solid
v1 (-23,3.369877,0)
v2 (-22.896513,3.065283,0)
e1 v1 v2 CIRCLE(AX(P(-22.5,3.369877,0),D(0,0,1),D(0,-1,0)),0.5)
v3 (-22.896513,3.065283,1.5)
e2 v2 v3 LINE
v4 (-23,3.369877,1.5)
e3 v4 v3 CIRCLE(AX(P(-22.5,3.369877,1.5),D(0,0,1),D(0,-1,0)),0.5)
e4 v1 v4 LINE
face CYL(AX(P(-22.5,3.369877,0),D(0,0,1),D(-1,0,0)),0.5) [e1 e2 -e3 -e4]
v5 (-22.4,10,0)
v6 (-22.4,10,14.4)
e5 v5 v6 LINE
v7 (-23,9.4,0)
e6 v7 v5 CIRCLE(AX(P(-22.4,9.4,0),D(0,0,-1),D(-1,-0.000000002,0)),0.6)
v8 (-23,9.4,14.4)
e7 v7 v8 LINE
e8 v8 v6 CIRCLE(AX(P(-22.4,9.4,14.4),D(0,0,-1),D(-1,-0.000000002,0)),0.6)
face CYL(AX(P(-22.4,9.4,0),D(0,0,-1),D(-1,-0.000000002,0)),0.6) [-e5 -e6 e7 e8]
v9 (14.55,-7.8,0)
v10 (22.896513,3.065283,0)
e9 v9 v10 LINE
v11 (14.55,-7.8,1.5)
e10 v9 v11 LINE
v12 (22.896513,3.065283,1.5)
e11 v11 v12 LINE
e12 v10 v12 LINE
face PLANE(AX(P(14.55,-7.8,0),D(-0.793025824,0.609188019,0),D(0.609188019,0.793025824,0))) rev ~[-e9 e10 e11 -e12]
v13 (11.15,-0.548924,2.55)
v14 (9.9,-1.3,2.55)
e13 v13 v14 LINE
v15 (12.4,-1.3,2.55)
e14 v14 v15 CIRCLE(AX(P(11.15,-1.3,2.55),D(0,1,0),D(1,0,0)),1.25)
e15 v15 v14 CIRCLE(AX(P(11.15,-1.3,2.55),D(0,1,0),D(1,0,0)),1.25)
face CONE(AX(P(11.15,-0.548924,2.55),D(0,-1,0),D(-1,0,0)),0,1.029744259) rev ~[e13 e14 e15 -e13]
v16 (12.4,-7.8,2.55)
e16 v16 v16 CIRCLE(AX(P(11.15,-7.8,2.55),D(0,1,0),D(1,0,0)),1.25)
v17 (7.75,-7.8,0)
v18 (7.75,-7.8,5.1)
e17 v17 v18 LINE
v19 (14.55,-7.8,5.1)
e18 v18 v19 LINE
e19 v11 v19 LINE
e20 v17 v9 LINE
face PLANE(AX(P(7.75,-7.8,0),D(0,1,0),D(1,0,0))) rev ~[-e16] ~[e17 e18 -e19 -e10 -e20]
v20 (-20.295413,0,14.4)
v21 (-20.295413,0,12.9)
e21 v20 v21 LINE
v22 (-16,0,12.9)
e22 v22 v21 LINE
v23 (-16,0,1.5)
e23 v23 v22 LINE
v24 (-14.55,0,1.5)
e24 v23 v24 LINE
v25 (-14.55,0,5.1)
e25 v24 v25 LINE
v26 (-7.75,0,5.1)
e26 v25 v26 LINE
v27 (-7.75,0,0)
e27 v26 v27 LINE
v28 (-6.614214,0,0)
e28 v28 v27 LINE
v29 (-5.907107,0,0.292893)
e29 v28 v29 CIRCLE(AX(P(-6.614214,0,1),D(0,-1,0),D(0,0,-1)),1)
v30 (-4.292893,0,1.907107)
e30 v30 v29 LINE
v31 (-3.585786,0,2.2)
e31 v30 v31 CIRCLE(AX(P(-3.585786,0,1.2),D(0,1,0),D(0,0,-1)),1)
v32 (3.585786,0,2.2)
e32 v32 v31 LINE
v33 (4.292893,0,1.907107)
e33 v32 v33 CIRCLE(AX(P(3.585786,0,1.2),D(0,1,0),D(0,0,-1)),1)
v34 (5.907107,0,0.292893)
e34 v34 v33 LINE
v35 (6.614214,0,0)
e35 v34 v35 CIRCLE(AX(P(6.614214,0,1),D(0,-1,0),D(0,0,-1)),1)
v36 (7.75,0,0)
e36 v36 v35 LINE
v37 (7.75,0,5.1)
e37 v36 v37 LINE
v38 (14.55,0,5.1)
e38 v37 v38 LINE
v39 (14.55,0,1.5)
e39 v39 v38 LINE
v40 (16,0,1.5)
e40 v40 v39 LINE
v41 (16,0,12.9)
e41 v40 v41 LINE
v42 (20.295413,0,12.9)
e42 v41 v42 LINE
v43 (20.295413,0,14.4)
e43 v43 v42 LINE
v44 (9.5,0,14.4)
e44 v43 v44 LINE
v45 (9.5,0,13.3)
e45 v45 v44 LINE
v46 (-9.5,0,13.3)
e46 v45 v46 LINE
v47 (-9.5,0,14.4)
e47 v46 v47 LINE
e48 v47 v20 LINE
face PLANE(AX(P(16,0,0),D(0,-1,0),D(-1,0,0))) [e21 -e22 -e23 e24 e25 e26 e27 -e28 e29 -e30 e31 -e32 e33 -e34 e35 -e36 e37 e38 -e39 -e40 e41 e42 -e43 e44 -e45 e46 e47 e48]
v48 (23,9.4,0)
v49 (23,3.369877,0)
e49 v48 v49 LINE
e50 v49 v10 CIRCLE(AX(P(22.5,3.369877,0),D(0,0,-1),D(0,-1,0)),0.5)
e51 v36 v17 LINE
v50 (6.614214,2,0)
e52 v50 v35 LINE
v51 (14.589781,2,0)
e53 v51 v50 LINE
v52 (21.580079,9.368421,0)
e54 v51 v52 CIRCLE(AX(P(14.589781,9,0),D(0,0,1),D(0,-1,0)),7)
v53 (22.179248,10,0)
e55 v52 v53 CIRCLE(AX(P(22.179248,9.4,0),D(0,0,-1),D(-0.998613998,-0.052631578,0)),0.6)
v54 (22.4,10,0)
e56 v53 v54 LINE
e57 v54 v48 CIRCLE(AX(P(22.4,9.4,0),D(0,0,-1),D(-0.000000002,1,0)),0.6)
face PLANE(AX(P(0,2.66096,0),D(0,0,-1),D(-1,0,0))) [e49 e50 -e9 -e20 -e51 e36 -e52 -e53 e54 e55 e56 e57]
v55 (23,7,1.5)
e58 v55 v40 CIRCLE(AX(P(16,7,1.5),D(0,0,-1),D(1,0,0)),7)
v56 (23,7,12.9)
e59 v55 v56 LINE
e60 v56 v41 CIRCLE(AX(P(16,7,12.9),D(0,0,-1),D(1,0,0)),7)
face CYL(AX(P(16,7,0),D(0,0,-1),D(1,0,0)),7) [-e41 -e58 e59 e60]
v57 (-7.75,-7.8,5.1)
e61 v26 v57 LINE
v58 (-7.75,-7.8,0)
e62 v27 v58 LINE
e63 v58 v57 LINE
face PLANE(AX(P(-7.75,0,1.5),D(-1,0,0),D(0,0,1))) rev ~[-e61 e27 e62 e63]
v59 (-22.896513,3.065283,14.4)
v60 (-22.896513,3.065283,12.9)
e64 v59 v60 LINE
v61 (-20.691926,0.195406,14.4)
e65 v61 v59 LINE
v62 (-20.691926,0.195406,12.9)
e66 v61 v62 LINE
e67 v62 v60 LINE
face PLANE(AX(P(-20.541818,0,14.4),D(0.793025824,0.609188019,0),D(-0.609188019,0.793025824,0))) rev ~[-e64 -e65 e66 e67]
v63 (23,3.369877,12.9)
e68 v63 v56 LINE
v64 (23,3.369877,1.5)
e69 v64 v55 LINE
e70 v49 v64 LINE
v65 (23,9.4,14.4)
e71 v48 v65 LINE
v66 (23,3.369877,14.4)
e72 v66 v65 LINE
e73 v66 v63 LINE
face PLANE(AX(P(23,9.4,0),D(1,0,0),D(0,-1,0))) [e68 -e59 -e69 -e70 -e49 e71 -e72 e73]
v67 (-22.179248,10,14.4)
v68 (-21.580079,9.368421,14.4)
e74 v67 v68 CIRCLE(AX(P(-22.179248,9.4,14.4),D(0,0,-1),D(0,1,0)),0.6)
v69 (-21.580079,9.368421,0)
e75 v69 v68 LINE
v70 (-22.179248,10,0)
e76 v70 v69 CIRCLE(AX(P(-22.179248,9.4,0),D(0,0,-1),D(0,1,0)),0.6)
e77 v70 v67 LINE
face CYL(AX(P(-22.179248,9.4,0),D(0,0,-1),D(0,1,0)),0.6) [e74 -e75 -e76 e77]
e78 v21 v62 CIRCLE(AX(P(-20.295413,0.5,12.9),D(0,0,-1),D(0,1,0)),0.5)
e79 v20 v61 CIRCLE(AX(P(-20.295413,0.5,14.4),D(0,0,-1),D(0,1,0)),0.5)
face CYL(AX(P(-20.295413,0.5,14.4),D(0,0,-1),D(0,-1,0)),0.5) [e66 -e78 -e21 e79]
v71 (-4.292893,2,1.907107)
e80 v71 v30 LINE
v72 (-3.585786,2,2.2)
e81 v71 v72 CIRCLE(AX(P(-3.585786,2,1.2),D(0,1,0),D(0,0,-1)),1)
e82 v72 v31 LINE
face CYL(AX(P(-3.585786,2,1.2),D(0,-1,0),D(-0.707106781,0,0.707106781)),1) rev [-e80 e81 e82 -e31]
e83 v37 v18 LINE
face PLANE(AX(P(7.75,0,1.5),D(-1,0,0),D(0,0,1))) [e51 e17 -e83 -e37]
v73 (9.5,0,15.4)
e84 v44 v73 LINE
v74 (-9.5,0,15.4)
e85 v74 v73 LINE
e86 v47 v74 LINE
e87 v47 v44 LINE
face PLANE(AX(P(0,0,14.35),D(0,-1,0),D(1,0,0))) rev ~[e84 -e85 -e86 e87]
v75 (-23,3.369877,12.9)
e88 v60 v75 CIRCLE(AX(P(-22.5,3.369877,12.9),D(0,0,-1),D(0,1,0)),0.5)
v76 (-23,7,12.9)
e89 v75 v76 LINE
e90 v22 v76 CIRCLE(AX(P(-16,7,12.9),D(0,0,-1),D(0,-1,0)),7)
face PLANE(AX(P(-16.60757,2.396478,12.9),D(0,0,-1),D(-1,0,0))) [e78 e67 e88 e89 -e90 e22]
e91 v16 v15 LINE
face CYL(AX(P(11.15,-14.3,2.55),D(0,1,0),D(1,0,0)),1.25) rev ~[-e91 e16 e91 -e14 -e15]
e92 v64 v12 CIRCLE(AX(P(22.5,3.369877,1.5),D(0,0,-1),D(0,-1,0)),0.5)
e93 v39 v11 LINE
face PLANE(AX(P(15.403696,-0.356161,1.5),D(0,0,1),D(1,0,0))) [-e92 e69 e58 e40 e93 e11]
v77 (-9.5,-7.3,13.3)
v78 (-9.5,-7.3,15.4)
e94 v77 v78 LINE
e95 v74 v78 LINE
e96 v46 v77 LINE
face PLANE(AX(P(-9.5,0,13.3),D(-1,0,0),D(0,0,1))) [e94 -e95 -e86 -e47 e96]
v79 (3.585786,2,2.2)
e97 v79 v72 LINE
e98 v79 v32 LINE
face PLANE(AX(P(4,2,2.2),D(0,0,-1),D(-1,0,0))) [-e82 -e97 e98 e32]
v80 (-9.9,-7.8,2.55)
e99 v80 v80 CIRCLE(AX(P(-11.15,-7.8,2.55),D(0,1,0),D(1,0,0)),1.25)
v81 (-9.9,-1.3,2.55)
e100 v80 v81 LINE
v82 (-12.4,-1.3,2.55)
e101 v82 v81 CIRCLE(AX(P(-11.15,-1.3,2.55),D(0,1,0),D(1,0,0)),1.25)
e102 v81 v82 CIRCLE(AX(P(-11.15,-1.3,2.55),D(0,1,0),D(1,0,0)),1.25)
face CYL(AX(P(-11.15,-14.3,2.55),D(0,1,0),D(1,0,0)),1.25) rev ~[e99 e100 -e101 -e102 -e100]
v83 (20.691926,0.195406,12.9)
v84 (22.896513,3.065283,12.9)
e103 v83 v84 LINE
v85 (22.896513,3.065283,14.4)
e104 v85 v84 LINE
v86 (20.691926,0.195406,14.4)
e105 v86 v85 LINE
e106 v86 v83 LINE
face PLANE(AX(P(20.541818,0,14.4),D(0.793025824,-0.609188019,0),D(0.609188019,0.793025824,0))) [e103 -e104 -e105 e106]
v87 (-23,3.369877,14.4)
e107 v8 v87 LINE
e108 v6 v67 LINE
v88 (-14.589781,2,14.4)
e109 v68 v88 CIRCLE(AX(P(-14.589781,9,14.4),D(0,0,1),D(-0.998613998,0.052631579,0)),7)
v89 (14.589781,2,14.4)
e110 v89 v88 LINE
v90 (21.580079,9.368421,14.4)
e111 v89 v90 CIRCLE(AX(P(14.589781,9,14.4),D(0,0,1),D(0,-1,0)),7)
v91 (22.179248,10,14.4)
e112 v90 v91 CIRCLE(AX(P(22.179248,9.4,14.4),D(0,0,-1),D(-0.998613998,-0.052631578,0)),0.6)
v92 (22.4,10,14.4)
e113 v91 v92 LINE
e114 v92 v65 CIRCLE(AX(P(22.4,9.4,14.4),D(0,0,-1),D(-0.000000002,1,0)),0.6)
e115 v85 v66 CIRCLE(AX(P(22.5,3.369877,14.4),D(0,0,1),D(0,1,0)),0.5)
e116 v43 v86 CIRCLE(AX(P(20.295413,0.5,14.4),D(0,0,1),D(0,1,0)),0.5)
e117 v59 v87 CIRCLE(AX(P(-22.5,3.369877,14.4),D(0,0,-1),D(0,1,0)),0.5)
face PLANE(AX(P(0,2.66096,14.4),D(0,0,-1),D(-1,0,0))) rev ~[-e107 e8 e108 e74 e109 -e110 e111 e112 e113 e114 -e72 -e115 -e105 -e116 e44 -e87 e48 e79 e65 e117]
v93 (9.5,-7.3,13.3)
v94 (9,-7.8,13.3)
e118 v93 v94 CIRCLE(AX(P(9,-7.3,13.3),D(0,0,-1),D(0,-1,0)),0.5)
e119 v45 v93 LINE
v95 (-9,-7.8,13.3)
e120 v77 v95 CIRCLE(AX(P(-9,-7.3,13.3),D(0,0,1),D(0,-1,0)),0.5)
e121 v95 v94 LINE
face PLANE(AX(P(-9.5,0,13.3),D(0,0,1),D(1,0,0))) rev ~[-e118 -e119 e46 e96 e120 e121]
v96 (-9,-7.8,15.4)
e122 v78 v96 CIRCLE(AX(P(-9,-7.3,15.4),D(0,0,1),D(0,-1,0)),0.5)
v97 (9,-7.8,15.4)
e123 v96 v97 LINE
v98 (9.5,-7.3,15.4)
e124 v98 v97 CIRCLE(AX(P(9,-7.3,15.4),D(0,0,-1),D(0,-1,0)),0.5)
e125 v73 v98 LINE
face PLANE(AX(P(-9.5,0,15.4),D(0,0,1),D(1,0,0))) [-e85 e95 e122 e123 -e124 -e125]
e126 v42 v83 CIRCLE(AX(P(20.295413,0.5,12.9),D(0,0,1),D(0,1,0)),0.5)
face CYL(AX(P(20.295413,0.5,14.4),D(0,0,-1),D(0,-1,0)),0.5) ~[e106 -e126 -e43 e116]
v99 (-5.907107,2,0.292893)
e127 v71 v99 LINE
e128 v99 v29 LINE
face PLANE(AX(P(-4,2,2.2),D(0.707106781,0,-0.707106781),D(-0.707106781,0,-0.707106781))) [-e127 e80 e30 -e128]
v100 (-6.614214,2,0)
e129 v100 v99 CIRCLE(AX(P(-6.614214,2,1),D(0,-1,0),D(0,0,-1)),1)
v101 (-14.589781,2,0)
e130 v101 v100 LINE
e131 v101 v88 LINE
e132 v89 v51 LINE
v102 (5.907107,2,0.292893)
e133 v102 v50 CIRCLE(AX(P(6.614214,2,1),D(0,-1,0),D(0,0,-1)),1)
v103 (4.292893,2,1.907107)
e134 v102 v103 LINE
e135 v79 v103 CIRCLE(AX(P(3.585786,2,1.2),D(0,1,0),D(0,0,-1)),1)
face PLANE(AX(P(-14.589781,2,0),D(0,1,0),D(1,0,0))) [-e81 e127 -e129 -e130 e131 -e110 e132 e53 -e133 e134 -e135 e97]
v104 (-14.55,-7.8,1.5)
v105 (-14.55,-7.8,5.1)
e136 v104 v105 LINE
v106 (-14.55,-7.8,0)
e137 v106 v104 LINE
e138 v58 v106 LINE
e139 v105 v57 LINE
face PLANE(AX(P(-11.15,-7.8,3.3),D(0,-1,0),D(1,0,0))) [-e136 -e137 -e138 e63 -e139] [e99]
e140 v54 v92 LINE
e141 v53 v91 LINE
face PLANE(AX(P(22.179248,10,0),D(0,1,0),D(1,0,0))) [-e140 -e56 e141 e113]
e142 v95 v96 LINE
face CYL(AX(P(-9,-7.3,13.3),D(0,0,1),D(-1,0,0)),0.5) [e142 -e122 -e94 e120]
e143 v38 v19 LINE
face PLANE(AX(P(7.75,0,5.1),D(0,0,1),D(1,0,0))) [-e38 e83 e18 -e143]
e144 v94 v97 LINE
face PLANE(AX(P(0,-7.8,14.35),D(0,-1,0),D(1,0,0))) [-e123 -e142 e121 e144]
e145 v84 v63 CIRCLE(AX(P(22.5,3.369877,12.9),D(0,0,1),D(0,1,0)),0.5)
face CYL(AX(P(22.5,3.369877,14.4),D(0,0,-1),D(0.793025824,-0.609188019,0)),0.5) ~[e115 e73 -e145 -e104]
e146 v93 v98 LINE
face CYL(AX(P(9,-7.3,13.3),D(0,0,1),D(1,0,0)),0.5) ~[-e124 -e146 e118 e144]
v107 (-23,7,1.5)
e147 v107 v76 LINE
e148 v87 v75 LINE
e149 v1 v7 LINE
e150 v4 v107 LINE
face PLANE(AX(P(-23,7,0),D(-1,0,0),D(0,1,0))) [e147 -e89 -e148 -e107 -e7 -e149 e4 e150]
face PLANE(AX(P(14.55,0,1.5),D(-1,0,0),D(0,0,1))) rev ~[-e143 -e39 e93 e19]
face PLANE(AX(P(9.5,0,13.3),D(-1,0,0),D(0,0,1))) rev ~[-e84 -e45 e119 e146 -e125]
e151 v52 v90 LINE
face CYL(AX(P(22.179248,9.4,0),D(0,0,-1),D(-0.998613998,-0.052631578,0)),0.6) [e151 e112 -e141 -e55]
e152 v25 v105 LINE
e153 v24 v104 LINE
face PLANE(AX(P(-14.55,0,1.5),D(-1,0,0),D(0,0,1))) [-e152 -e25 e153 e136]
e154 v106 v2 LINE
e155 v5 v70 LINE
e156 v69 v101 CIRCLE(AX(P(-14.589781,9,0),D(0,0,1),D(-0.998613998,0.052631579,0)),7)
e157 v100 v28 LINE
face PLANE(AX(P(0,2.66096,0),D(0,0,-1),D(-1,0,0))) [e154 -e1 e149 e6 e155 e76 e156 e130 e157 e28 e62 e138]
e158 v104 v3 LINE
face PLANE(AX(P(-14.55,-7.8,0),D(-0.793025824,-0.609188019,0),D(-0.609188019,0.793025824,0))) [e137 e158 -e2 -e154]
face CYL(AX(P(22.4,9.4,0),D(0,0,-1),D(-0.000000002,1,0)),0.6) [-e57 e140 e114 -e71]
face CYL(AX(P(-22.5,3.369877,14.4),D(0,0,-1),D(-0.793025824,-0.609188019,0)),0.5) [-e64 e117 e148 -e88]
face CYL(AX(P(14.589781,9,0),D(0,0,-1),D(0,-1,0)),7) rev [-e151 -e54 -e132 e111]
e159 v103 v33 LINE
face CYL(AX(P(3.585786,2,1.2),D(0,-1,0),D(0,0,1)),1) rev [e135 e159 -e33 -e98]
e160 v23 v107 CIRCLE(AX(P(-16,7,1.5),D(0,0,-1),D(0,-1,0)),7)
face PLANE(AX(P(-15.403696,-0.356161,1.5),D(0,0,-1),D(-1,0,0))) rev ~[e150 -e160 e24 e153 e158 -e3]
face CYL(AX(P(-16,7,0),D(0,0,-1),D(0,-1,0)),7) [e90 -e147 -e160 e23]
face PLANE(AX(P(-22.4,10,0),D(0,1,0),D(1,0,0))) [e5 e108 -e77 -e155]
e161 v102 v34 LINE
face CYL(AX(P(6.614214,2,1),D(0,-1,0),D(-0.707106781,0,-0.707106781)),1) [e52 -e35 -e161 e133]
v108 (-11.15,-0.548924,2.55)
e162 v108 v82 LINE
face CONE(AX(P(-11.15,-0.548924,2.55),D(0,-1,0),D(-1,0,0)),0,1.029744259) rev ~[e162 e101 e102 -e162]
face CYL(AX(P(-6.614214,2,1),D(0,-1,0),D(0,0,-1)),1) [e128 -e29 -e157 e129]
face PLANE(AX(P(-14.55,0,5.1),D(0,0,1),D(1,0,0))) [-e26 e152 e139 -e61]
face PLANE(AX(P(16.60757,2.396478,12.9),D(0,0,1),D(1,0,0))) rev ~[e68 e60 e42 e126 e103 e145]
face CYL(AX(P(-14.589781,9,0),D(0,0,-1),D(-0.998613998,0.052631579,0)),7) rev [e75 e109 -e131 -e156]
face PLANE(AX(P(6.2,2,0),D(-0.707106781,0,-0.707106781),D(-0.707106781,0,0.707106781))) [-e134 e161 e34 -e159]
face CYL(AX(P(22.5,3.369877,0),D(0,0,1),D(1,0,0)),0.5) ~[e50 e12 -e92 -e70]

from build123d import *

# Parameters (mm, degrees)
EXTRUDE_1_DEPTH        = 14.4
CUT_EXTRUDE_1_REACH    = 4
EXTRUDE_2_DEPTH        = 1.5
SKETCH_4_W             = 6.8
SKETCH_4_H             = 3.6
EXTRUDE_3_DEPTH        = 7.8
SKETCH_5_W             = 19
SKETCH_5_H             = 2.1
EXTRUDE_4_DEPTH        = 7.8
EXTRUDE_5_DEPTH        = 1.5
HOLE_WIZARD_M3_1_D     = 2.5
HOLE_WIZARD_M3_1_DEPTH = 6.5
HOLE_WIZARD_M3_1_TIP   = 0.751075774
FILLET_1_R             = 0.5
FILLET_2_R             = 1


with BuildPart() as part:
    # 草图1 → 凸台-拉伸1 (new body)
    with BuildSketch(Plane.XY):
        with BuildLine():
            Line((16, 0), (-16, 0))
            ThreePointArc((-16, 0), (-20.949747468, 2.050252532), (-23, 7))
            Line((-23, 7), (-23, 9.4))
            ThreePointArc((-23, 9.4), (-22.824264069, 9.824264069), (-22.4, 10))
            Line((-22.4, 10), (-22.179247695, 10))
            ThreePointArc((-22.179247695, 10), (-21.743961945, 9.812948321), (-21.580079296, 9.368421053))
            ThreePointArc((-21.580079296, 9.368421053), (-19.668115061, 4.182269589), (-14.58978131, 2))
            Line((-14.58978131, 2), (14.58978131, 2))
            ThreePointArc((14.58978131, 2), (19.668115061, 4.182269589), (21.580079296, 9.368421053))
            ThreePointArc((21.580079296, 9.368421053), (21.743961945, 9.812948321), (22.179247695, 10))
            Line((22.179247695, 10), (22.4, 10))
            ThreePointArc((22.4, 10), (22.824264069, 9.824264069), (23, 9.4))
            Line((23, 9.4), (23, 7))
            ThreePointArc((23, 7), (20.949747468, 2.050252532), (16, 0))
        make_face()
    extrude(amount=EXTRUDE_1_DEPTH)

    # 草图2 → 切除-拉伸1 (cut, up to next)
    with BuildSketch(Plane(origin=(0, 2, 0), x_dir=(1, 0, 0), z_dir=(0, 1, 0)), mode=Mode.PRIVATE) as cut_extrude_1_sk1:
        Polygon((4, -2.2), (-4, -2.2), (-6.2, 0), (6.2, 0), align=None)
    cut_extrude_1_tool1 = extrude(cut_extrude_1_sk1.sketch, amount=-CUT_EXTRUDE_1_REACH, mode=Mode.PRIVATE) & part.part
    add(cut_extrude_1_tool1.solids().sort_by_distance((0, 2, 1.020915))[0], mode=Mode.SUBTRACT)

    # 草图3 → 凸台-拉伸2 (add)
    with BuildSketch(Plane.XY):
        Polygon((-7.75, 2), (-7.75, -7.8), (-14.55, -7.8), (-23, 3.2), (-23, 8.2), (-22.047090089, 8.2), (-19.556592195, 2.646086111), (-16.835492645, 2), align=None)
        Polygon((16.835492645, 2), (7.75, 2), (7.75, -7.8), (14.55, -7.8), (23, 3.2), (23, 8.2), (22.047090089, 8.2), (19.556592195, 2.646086111), align=None)
    extrude(amount=EXTRUDE_2_DEPTH)

    # 草图4 → 凸台-拉伸3 (add)
    with BuildSketch(Plane.XZ):
        with Locations((-11.15, 3.3)):
            Rectangle(SKETCH_4_W, SKETCH_4_H)
        with Locations((11.15, 3.3)):
            Rectangle(SKETCH_4_W, SKETCH_4_H)
    extrude(amount=EXTRUDE_3_DEPTH)

    # 草图5 → 凸台-拉伸4 (add)
    with BuildSketch(Plane.XZ):
        with Locations((0, 14.35)):
            Rectangle(SKETCH_5_W, SKETCH_5_H)
    extrude(amount=EXTRUDE_4_DEPTH)

    # 草图6 → 凸台-拉伸5 (add)
    with BuildSketch(Plane.XY.offset(14.4)):
        Polygon((-7.75, 0), (-20.541818182, 0), (-23, 3.2), (-23, 8.2), (-22.047090089, 8.2), (-19.556592195, 2.646086111), (-16.835492645, 2), (-7.75, 2), align=None)
        Polygon((7.75, 0), (20.541818182, 0), (23, 3.2), (23, 8.2), (22.047090089, 8.2), (19.556592195, 2.646086111), (16.835492645, 2), (7.75, 2), align=None)
    extrude(amount=-EXTRUDE_5_DEPTH)

    # M3 螺纹孔1
    with Locations(Plane(origin=(0, -7.8, 0), x_dir=(-1, 0, 0), z_dir=(0, -1, 0))):
        with Locations((-11.15, -2.55), (11.15, -2.55)):
            Hole(HOLE_WIZARD_M3_1_D / 2, depth=HOLE_WIZARD_M3_1_DEPTH)
            with Locations((0, 0, -(HOLE_WIZARD_M3_1_DEPTH + HOLE_WIZARD_M3_1_TIP / 2))):  # 118° drill point
                Cone(0, HOLE_WIZARD_M3_1_D / 2, HOLE_WIZARD_M3_1_TIP, mode=Mode.SUBTRACT)

    # 圆角1
    fillet_1_edges = [part.edges().sort_by_distance(p)[0] for p in [
        (9.5, -7.8, 14.35),
        (-9.5, -7.8, 14.35),
        (-20.541818182, 0, 13.65),
        (-23, 3.2, 13.65),
        (20.541818182, 0, 13.65),
        (23, 3.2, 13.65),
        (-23, 3.2, 0.75),
        (23, 3.2, 0.75),
    ]]
    fillet(fillet_1_edges, radius=FILLET_1_R)

    # 圆角2
    fillet_2_edges = [part.edges().sort_by_distance(p)[0] for p in [
        (-6.2, 1, 0),
        (6.2, 1, 0),
        (4, 1, 2.2),
        (-4, 1, 2.2),
    ]]
    fillet(fillet_2_edges, radius=FILLET_2_R)


solid = part.part
